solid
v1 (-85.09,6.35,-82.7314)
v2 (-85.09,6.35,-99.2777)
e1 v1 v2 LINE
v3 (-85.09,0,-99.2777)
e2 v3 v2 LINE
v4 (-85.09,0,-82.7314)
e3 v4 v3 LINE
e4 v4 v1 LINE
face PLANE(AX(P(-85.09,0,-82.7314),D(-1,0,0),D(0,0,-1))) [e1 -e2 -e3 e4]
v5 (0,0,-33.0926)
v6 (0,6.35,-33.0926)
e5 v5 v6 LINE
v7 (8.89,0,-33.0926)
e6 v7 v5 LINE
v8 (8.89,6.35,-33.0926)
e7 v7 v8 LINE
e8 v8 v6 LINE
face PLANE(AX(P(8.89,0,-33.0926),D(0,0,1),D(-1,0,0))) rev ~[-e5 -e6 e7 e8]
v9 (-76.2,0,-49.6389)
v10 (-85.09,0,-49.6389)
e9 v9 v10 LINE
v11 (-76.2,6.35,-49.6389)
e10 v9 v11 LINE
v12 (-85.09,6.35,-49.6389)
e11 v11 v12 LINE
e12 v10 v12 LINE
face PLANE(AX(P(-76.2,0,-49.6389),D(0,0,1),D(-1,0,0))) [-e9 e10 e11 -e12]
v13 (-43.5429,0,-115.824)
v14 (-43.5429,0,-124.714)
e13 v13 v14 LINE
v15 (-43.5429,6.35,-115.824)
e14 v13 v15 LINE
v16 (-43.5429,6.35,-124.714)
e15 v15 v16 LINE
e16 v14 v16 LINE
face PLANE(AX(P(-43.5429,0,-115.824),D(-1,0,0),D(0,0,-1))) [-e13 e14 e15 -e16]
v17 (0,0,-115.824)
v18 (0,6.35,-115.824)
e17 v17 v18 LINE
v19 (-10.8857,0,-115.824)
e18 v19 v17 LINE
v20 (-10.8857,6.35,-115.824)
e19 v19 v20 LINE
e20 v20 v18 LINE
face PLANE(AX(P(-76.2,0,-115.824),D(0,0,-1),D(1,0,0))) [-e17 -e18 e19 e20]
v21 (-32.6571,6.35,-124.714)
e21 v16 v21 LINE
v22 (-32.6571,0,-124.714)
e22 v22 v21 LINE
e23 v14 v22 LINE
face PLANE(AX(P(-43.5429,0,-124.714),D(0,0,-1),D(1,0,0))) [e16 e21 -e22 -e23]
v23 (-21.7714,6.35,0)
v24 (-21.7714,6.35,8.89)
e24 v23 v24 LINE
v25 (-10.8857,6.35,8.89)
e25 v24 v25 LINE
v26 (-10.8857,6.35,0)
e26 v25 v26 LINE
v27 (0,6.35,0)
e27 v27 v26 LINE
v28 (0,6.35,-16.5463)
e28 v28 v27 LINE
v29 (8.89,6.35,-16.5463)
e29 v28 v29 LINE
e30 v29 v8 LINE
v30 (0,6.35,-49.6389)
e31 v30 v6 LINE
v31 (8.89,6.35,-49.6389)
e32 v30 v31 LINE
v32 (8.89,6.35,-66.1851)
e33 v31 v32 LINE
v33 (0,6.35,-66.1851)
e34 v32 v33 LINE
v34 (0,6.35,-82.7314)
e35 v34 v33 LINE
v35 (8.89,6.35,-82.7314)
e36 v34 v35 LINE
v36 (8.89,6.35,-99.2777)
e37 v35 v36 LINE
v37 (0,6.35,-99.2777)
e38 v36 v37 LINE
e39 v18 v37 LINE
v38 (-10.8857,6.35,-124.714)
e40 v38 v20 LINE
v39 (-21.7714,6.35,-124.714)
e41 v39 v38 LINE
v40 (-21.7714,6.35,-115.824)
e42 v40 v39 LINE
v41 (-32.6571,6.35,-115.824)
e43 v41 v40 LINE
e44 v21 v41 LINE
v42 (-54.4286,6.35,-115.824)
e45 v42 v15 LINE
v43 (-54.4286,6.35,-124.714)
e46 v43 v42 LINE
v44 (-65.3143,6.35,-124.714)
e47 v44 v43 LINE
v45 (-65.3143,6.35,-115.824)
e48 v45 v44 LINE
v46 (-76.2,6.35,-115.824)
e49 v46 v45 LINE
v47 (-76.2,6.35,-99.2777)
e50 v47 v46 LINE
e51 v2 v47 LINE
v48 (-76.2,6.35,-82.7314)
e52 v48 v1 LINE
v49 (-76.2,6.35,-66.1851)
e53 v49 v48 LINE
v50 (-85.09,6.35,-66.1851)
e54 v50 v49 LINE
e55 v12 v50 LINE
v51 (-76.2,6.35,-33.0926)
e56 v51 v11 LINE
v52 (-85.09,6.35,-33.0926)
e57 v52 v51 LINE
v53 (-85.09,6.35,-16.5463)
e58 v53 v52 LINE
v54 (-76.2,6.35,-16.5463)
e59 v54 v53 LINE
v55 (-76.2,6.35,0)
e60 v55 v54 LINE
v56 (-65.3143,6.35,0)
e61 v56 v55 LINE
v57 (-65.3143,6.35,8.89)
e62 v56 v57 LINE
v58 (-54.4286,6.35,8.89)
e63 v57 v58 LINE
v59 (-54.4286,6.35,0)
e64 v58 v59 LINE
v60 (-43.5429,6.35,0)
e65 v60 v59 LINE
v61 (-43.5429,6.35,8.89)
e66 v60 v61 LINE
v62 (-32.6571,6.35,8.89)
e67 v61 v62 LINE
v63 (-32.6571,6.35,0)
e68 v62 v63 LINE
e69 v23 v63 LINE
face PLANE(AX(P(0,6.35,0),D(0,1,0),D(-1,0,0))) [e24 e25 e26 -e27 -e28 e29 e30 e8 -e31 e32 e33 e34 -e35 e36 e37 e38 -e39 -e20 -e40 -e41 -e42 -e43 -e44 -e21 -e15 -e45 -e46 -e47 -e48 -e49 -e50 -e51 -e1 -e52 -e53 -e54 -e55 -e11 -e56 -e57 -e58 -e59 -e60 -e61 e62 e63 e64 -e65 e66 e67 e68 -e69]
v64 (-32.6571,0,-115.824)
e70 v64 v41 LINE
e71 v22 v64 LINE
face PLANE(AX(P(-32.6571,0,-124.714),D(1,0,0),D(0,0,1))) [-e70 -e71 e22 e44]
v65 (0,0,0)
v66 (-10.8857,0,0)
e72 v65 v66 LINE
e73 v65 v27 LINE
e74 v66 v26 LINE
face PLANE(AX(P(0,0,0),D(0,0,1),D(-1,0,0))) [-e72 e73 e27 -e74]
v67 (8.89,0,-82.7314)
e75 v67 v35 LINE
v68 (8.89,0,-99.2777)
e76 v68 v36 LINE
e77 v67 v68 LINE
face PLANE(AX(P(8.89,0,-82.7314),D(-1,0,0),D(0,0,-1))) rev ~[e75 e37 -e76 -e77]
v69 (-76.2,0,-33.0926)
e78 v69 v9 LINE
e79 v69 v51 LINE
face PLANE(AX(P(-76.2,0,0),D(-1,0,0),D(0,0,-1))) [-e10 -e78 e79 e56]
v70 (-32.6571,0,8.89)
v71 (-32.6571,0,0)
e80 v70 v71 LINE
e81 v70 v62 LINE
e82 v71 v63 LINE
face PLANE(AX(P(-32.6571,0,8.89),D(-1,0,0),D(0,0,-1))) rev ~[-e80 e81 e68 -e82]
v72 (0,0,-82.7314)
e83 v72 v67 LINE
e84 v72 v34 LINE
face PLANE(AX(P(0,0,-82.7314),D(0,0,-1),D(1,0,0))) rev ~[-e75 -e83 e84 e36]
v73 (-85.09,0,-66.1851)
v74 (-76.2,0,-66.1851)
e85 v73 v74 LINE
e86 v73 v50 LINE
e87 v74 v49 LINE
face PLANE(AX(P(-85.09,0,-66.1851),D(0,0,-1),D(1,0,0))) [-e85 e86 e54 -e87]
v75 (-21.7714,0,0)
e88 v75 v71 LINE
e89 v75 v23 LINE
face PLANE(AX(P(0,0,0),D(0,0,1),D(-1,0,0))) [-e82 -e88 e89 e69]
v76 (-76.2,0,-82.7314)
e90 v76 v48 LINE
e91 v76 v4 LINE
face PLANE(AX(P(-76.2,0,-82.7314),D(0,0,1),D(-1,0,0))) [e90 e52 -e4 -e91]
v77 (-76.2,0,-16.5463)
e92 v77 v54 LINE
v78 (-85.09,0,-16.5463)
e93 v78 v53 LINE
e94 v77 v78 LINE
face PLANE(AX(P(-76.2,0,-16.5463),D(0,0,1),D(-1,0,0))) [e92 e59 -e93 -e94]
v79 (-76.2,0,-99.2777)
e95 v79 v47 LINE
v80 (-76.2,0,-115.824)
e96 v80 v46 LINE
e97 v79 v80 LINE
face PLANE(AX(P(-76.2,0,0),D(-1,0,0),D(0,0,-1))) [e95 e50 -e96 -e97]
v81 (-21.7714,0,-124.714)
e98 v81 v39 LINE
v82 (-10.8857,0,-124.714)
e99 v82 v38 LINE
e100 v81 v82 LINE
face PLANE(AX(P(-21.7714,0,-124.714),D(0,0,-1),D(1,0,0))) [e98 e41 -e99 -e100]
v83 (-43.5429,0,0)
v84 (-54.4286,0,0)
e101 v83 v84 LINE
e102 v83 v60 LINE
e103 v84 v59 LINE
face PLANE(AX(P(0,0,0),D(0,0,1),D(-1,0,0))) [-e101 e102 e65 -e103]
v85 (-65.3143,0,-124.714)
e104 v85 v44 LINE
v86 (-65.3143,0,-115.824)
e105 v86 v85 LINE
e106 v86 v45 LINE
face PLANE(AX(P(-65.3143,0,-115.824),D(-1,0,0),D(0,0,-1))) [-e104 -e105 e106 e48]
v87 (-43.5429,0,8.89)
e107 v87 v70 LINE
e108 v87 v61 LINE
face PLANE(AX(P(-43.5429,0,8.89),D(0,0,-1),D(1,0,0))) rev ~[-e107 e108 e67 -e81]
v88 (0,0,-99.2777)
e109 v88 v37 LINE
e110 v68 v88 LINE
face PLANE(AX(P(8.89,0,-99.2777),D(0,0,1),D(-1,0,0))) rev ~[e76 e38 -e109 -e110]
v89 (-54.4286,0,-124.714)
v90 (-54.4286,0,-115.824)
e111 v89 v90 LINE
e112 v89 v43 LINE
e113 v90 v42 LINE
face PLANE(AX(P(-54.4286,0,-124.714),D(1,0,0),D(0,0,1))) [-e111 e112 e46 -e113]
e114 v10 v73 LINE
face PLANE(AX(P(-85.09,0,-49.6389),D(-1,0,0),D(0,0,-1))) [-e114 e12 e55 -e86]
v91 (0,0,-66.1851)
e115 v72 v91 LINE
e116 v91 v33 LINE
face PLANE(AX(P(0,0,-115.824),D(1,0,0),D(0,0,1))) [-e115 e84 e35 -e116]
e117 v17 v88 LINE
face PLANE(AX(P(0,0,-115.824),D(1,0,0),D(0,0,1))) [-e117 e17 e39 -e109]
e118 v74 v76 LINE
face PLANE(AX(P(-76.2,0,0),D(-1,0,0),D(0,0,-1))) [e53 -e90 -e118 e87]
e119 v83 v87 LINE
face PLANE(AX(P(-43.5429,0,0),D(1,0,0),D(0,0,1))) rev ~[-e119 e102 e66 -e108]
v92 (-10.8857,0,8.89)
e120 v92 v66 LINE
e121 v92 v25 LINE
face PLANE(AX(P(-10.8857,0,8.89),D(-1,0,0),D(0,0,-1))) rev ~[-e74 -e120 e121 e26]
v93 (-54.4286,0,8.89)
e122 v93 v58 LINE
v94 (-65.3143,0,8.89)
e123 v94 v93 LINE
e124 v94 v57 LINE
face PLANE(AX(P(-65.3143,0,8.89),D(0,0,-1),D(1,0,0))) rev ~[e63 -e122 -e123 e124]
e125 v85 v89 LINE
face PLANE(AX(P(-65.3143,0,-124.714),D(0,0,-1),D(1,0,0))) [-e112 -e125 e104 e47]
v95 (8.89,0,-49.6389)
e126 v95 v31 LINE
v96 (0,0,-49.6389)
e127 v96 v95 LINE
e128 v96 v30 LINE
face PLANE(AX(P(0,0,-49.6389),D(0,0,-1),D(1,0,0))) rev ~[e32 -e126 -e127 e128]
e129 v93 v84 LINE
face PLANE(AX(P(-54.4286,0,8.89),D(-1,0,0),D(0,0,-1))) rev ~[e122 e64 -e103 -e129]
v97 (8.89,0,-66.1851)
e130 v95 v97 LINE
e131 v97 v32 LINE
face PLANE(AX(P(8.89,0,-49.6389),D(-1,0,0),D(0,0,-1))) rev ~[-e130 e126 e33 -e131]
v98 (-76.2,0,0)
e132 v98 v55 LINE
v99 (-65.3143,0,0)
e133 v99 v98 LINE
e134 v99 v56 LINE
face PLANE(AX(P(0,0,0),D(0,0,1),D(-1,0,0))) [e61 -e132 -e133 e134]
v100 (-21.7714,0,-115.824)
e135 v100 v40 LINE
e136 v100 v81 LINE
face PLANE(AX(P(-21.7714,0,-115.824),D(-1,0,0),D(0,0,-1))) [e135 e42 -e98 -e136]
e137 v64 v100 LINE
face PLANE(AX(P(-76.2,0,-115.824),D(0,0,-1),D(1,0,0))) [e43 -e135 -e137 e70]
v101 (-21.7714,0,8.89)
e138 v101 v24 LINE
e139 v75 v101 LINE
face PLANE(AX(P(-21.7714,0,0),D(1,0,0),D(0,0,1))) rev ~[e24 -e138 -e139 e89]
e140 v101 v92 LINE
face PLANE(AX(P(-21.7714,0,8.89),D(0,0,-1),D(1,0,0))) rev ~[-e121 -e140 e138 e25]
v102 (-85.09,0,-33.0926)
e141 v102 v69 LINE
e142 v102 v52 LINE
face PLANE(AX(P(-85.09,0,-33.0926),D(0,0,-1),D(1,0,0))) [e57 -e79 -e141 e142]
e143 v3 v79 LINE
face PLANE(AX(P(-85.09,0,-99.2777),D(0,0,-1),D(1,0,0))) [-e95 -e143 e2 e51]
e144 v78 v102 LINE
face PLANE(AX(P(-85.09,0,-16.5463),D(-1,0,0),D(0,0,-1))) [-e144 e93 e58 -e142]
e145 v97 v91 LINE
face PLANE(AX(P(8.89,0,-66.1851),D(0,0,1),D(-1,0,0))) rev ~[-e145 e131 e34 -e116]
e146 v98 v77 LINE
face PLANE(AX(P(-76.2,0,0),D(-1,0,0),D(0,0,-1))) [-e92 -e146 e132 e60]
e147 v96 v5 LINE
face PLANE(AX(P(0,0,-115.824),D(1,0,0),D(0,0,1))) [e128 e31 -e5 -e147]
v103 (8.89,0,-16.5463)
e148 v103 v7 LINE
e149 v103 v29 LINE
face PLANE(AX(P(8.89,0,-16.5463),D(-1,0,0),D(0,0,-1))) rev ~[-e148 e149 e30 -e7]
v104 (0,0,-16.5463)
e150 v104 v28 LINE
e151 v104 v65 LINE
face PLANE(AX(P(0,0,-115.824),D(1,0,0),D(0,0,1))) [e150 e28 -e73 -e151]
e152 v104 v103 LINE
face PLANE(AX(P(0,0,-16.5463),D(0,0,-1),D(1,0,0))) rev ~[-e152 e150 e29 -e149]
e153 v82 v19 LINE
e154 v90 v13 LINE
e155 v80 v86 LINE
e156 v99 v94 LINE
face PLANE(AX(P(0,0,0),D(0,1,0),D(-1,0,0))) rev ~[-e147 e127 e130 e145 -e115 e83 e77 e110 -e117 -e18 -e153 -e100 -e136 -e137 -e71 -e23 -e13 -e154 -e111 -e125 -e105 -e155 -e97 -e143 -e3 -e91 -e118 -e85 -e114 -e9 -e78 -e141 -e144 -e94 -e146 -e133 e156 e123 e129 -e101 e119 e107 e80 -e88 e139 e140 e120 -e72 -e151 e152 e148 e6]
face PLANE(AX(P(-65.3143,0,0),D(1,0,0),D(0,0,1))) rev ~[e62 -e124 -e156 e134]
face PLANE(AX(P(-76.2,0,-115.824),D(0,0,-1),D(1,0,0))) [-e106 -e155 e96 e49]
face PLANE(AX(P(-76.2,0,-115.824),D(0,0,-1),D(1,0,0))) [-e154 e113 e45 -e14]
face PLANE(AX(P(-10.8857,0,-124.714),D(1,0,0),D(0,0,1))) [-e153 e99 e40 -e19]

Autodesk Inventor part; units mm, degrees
ref_plane "YZ Plane" through (0, 0, 0) normal (1, 0, 0) x (0, 1, 0)
ref_plane "XZ Plane" through (0, 0, 0) normal (0, 1, 0) x (-1, 0, 0)
ref_plane "XY Plane" through (0, 0, 0) normal (0, 0, 1) x (1, 0, 0)
sketch "Sketch1" plane through (0, 0, 0) normal (0, 1, 0) x (-1, 0, 0)
  point P0 (0, 0)
sketch "Sketch2" plane through (0, 0, 0) normal (0, 1, 0) x (-1, 0, 0)
  line L0 (0, 0) -> (76.2, 0)
  line L1 (76.2, 0) -> (76.2, -115.824)
  line L2 (76.2, -115.824) -> (0, -115.824)
  line L3 (0, -115.824) -> (0, 0)
  dimension "BaseLength" = 76.2
  dimension "BaseWidth" = 115.824
extrude "Base Extrusion" add sketch "Sketch2" along normal blind 6.35
sketch "Sketch3" plane through (0, 0, 0) normal (0, 1, 0) x (-1, 0, 0)
  line L0 (76.2, 0) -> (0, 0) projected
  line L1 (0, 0) -> (0, -115.824) projected
  line L2 (0, -115.824) -> (76.2, -115.824) projected
  line L3 (76.2, -115.824) -> (76.2, 0) projected
  line L4 (10.8857, 0) -> (21.7714, 0)
  line L5 (21.7714, 0) -> (21.7714, 8.89)
  line L6 (21.7714, 8.89) -> (10.8857, 8.89)
  line L7 (10.8857, 8.89) -> (10.8857, 0)
  line L8 (32.6571, 0) -> (43.5429, 0)
  line L9 (43.5429, 0) -> (43.5429, 8.89)
  line L10 (43.5429, 8.89) -> (32.6571, 8.89)
  line L11 (32.6571, 8.89) -> (32.6571, 0)
  line L12 (54.4286, 0) -> (65.3143, 0)
  line L13 (65.3143, 0) -> (65.3143, 8.89)
  line L14 (65.3143, 8.89) -> (54.4286, 8.89)
  line L15 (54.4286, 8.89) -> (54.4286, 0)
  line L16 (76.2, -57.912) -> (0, -57.912) construction
  line L17 (76.2, -115.824) -> (0, -115.824)
  line L18 (10.8857, -115.824) -> (21.7714, -115.824)
  line L19 (21.7714, -115.824) -> (21.7714, -124.714)
  line L20 (21.7714, -124.714) -> (10.8857, -124.714)
  line L21 (10.8857, -124.714) -> (10.8857, -115.824)
  line L22 (43.5429, -115.824) -> (43.5429, -124.714)
  line L23 (43.5429, -124.714) -> (32.6571, -124.714)
  line L24 (32.6571, -124.714) -> (32.6571, -115.824)
  line L25 (32.6571, -115.824) -> (43.5429, -115.824)
  line L26 (65.3143, -115.824) -> (65.3143, -124.714)
  line L27 (65.3143, -124.714) -> (54.4286, -124.714)
  line L28 (54.4286, -124.714) -> (54.4286, -115.824)
  line L29 (54.4286, -115.824) -> (65.3143, -115.824)
  line L30 (38.1, 0) -> (38.1, -115.824) construction
  line L31 (0, -16.5463) -> (-8.89, -16.5463)
  line L32 (-8.89, -16.5463) -> (-8.89, -33.0926)
  line L33 (-8.89, -33.0926) -> (0, -33.0926)
  line L34 (0, -33.0926) -> (0, -16.5463)
  line L35 (0, -49.6389) -> (-8.89, -49.6389)
  line L36 (-8.89, -49.6389) -> (-8.89, -66.1851)
  line L37 (-8.89, -66.1851) -> (0, -66.1851)
  line L38 (0, -66.1851) -> (0, -49.6389)
  line L39 (0, -82.7314) -> (-8.89, -82.7314)
  line L40 (-8.89, -82.7314) -> (-8.89, -99.2777)
  line L41 (-8.89, -99.2777) -> (0, -99.2777)
  line L42 (0, -99.2777) -> (0, -82.7314)
  line L43 (76.2, 0) -> (76.2, -115.824)
  line L44 (76.2, -16.5463) -> (85.09, -16.5463)
  line L45 (85.09, -16.5463) -> (85.09, -33.0926)
  line L46 (85.09, -33.0926) -> (76.2, -33.0926)
  line L47 (76.2, -33.0926) -> (76.2, -16.5463)
  line L48 (76.2, -49.6389) -> (85.09, -49.6389)
  line L49 (85.09, -49.6389) -> (85.09, -66.1851)
  line L50 (85.09, -66.1851) -> (76.2, -66.1851)
  line L51 (76.2, -66.1851) -> (76.2, -49.6389)
  line L52 (76.2, -82.7314) -> (85.09, -82.7314)
  line L53 (85.09, -82.7314) -> (85.09, -99.2777)
  line L54 (85.09, -99.2777) -> (76.2, -99.2777)
  line L55 (76.2, -99.2777) -> (76.2, -82.7314)
  dimension "d4" = 10.8857
  dimension "d5" = 8.89
  dimension "PerpSpace" = 10.8857
  dimension "d7" = 10.8857
  dimension "d8" = 8.89
  dimension "PerpB" = 10.8857
  dimension "PerpA" = 8.89
  dimension "d11" = 10.8857
  dimension "d13" = 10.8857
  dimension "d14" = 76.2
  dimension "WallConSpace" = 16.5463
  dimension "d16" = 115.824
  dimension "WallConA" = 8.89
  dimension "WallConB" = 16.5463
  dimension "d19" = 8.89
  dimension "d20" = 16.5463
  dimension "d21" = 8.89
  dimension "d22" = 16.5463
  dimension "d23" = 16.5463
  dimension "d24" = 16.5463
extrude "Connections" add sketch "Sketch3" along normal blind 6.35 contours L0 L15 L14 L13 | L44 L45 L46 L3 | L0 L11 L10 L9 | L48 L49 L50 L3 | L0 L7 L6 L5 | L52 L53 L54 L3 | L1 L33 L32 L31 | L26 L27 L28 L2 | L1 L37 L36 L35 | L22 L23 L24 L2 | L1 L41 L40 L39 | L19 L20 L21 L2
equation "\"d4\" = 0.142857 * d14"
equation "\"PerpSpace\" = -0.75 * d4 + 0.25 * d14"
equation "\"d7\" = d4"
equation "\"d8\" = d5"
equation "\"PerpB\" = d4"
equation "\"PerpA\" = d5"
equation "\"d11\" = PerpSpace"
equation "\"d13\" = PerpSpace"
equation "\"WallConSpace\" = -0.75 * WallConB + 0.25 * d16"
equation "\"WallConB\" = 0.142857 * d16"
equation "\"d19\" = WallConA"
equation "\"d20\" = WallConB"
equation "\"d21\" = WallConA"
equation "\"d22\" = WallConB"
equation "\"d23\" = WallConSpace"
equation "\"d24\" = WallConSpace"
properties part number "Level"
